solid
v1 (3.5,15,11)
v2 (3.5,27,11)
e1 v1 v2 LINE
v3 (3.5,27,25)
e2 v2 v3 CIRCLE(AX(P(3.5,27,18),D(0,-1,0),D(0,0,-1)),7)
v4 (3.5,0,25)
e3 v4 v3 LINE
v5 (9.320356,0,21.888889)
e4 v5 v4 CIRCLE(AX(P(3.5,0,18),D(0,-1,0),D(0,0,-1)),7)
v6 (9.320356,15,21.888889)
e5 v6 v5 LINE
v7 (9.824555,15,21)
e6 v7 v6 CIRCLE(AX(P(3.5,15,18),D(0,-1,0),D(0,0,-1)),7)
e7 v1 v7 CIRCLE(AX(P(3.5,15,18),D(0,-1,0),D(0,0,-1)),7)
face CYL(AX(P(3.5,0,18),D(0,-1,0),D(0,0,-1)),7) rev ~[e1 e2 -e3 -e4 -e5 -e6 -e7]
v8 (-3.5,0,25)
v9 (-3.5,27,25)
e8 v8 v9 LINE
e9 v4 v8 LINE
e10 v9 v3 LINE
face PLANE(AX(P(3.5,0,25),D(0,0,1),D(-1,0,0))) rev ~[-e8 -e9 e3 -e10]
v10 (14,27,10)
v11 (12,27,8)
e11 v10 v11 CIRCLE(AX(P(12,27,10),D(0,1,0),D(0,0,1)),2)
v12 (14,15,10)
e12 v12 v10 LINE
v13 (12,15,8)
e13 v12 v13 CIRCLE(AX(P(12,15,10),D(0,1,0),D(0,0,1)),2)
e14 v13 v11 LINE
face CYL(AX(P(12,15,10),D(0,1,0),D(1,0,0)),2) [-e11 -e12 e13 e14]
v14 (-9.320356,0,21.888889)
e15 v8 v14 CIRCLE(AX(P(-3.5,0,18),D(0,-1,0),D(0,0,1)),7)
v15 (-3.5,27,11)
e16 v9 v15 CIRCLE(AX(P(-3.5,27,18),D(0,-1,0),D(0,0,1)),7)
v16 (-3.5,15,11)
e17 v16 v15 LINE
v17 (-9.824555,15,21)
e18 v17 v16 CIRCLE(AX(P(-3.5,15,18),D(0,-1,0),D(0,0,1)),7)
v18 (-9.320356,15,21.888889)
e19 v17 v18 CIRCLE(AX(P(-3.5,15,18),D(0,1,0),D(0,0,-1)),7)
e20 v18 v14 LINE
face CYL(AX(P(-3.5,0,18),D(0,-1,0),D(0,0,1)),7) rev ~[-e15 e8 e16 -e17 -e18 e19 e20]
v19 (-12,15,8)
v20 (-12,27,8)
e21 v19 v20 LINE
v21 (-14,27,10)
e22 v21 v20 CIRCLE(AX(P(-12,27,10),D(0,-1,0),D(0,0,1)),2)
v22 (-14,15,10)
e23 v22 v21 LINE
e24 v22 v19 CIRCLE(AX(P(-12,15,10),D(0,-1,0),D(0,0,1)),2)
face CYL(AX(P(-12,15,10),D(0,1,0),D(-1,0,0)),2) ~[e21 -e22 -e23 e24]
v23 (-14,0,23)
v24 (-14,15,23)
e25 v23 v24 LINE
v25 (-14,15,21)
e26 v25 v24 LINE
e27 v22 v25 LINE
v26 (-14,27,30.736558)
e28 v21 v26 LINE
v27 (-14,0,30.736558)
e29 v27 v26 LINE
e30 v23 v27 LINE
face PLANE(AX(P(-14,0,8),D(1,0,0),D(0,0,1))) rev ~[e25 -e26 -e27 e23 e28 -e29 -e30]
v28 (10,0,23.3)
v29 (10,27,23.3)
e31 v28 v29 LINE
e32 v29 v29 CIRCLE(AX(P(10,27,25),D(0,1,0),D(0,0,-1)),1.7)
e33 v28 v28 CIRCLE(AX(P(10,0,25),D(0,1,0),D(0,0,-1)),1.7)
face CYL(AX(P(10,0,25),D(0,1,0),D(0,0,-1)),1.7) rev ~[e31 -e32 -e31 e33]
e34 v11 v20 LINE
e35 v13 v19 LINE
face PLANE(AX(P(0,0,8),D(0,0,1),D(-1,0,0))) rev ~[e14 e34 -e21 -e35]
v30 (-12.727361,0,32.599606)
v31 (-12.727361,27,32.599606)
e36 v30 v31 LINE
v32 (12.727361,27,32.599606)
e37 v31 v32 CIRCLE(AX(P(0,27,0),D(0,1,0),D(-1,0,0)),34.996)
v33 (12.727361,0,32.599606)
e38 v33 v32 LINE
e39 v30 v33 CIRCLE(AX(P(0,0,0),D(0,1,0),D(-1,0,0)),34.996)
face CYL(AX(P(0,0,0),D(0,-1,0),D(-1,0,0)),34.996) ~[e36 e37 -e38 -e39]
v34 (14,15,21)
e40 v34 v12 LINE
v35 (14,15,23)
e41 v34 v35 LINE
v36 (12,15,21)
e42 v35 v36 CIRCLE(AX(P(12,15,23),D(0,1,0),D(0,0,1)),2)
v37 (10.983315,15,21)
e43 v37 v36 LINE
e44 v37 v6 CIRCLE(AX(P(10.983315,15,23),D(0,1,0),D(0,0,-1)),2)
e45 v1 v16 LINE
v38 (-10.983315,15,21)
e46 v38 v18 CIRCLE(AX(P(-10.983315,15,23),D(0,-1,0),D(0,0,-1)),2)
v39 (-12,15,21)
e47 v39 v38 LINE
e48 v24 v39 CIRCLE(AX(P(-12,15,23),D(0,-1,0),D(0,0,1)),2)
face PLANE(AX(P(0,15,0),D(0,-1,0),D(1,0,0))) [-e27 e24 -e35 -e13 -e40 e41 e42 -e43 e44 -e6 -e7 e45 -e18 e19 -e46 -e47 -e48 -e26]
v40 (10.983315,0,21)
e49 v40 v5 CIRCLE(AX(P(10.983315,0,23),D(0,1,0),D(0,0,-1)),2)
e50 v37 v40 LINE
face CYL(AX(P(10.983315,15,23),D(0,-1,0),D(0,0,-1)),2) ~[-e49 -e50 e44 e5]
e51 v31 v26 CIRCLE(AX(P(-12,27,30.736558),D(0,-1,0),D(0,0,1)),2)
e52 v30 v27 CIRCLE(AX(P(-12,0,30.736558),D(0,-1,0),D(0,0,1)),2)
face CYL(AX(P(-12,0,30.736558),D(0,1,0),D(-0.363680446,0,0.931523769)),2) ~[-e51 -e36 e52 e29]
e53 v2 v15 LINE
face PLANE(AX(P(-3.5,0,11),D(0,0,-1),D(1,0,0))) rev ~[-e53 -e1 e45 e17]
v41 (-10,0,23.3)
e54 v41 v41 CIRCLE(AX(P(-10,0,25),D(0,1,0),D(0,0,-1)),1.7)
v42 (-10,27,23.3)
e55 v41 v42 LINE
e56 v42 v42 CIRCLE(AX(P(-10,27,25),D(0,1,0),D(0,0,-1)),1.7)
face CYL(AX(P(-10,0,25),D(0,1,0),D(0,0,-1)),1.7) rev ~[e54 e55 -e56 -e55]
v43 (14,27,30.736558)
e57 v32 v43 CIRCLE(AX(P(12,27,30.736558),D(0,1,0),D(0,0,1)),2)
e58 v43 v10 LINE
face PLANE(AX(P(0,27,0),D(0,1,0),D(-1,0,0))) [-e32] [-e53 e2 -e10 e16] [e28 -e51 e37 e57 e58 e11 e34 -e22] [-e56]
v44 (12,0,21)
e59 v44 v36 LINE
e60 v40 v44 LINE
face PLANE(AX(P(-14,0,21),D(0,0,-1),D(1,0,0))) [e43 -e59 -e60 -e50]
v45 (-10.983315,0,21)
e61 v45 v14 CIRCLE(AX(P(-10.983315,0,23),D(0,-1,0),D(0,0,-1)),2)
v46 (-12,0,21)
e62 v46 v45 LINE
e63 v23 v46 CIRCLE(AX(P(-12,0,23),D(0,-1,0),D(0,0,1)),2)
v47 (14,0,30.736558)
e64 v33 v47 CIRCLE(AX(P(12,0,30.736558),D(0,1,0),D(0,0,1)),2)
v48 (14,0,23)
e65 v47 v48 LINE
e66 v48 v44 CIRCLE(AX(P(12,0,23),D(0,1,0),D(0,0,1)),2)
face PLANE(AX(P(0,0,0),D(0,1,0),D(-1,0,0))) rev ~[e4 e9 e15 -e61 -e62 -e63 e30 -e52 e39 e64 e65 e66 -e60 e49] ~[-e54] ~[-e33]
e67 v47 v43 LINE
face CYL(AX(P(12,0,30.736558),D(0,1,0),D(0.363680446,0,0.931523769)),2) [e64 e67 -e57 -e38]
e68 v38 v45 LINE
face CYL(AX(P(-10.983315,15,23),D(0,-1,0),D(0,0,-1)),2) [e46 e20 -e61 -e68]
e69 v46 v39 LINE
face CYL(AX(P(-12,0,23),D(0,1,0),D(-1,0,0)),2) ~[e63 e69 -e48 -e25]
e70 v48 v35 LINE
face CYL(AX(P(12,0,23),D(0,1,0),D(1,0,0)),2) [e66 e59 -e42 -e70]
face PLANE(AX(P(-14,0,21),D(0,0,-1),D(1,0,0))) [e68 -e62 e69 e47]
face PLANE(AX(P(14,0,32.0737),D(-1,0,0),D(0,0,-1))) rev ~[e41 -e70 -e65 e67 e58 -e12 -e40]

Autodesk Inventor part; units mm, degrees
ref_plane "YZ Plane" through (0, 0, 0) normal (1, 0, 0) x (0, 1, 0)
ref_plane "XZ Plane" through (0, 0, 0) normal (0, 1, 0) x (-1, 0, 0)
ref_plane "XY Plane" through (0, 0, 0) normal (0, 0, 1) x (1, 0, 0)
sketch "スケッチ1" plane through (0, 0, 0) normal (0, 1, 0) x (-1, 0, 0)
  circle A0 centre (0, 0) radius 34.996
  circle A1 centre (0, 18) radius 10
  line L0 (48.9944, 0) -> (-48.9944, 0) projected
  line L1 (-14, 8) -> (14, 8)
  line L2 (14, 8) -> (14, 32.0737)
  line L3 (14, 32.0737) -> (-14, 32.0737)
  line L4 (-14, 32.0737) -> (-14, 8)
  line L5 (-14, 8) -> (14, 32.0737) construction
  line L6 (14, 8) -> (-14, 32.0737) construction
  point P0 (10, 25)
  point P1 (-10, 25)
  point P2 (0, 20.0368)
  dimension "d0" = 25
  dimension "d1" = 10
  dimension "d2" = 10
  dimension "d3" = 69.992
  dimension "d5" = 20
  dimension "d7" = 18
  dimension "d8" = 4
extrude "押し出し1" add sketch "スケッチ1" along normal blind 27 contours L3 A0 | A1 | L2 L1 L4 L3
hole "穴1" at (-10, 0, 25) at (10, 0, 25) direction (0, 1, 0) diameter 3.4 end through all clearance for "Flat Head Machine Screw" size "M3" standard "Ansi Metric M Profile"
sketch "スケッチ2" plane through (0, 0, 0) normal (0, -1, 0) x (1, 0, 0)
  circle A0 centre (3.5, 18) radius 7 construction
  circle A1 centre (-7, 18) radius 3.5 construction
  line L0 (-3.5, 18) -> (3.5, 18) construction
  line L1 (-3.5, 11) -> (3.5, 11)
  line L2 (3.5, 25) -> (-3.5, 25)
  arc A2 (-3.5, 25) -> (-3.5, 11) centre (-3.5, 18) ccw
  arc A3 (3.5, 11) -> (3.5, 25) centre (3.5, 18) ccw
  point P0 (0, 0)
  point P1 (0, 18)
  point P2 (-10.5, 18)
  dimension "d31" = 7
  dimension "d30" = 14
  dimension "d32" = 7
extrude "押し出し2" cut sketch "スケッチ2" against normal through all
sketch "スケッチ3" plane through (0, 0, 0) normal (0, -1, 0) x (1, 0, 0)
  line L0 (14, 8) -> (-14, 8) projected
  line L1 (14, -21) -> (-14, -21)
  line L2 (-14, -21) -> (-14, 21)
  line L3 (-14, 21) -> (14, 21)
  line L4 (14, 21) -> (14, -21)
  line L5 (14, -21) -> (-14, 21) construction
  line L6 (-14, -21) -> (14, 21) construction
  circle A0 centre (-10, 25) radius 1.7 projected
  point P0 (0, 0)
  point P1 (-14, 8)
  dimension "d25" = 4
extrude "押し出し3" cut sketch "スケッチ3" against normal blind 15 contours L0 L2 L3 L4
fillet "フィレット2" radius 2 8 edges at (14, 21, 8) (14, 7.5, 21) (-14, 7.5, 21) (-14, 21, 8) (14, 13.5, 32.0737) (-14, 13.5, 32.0737) (9.8246, 7.5, 21) (-9.8246, 7.5, 21)
equation "\"d2\" = d1"
equation "\"d32\" = 0.5 * d30"
properties part number "scara-base13" material "ABS プラスチック"
